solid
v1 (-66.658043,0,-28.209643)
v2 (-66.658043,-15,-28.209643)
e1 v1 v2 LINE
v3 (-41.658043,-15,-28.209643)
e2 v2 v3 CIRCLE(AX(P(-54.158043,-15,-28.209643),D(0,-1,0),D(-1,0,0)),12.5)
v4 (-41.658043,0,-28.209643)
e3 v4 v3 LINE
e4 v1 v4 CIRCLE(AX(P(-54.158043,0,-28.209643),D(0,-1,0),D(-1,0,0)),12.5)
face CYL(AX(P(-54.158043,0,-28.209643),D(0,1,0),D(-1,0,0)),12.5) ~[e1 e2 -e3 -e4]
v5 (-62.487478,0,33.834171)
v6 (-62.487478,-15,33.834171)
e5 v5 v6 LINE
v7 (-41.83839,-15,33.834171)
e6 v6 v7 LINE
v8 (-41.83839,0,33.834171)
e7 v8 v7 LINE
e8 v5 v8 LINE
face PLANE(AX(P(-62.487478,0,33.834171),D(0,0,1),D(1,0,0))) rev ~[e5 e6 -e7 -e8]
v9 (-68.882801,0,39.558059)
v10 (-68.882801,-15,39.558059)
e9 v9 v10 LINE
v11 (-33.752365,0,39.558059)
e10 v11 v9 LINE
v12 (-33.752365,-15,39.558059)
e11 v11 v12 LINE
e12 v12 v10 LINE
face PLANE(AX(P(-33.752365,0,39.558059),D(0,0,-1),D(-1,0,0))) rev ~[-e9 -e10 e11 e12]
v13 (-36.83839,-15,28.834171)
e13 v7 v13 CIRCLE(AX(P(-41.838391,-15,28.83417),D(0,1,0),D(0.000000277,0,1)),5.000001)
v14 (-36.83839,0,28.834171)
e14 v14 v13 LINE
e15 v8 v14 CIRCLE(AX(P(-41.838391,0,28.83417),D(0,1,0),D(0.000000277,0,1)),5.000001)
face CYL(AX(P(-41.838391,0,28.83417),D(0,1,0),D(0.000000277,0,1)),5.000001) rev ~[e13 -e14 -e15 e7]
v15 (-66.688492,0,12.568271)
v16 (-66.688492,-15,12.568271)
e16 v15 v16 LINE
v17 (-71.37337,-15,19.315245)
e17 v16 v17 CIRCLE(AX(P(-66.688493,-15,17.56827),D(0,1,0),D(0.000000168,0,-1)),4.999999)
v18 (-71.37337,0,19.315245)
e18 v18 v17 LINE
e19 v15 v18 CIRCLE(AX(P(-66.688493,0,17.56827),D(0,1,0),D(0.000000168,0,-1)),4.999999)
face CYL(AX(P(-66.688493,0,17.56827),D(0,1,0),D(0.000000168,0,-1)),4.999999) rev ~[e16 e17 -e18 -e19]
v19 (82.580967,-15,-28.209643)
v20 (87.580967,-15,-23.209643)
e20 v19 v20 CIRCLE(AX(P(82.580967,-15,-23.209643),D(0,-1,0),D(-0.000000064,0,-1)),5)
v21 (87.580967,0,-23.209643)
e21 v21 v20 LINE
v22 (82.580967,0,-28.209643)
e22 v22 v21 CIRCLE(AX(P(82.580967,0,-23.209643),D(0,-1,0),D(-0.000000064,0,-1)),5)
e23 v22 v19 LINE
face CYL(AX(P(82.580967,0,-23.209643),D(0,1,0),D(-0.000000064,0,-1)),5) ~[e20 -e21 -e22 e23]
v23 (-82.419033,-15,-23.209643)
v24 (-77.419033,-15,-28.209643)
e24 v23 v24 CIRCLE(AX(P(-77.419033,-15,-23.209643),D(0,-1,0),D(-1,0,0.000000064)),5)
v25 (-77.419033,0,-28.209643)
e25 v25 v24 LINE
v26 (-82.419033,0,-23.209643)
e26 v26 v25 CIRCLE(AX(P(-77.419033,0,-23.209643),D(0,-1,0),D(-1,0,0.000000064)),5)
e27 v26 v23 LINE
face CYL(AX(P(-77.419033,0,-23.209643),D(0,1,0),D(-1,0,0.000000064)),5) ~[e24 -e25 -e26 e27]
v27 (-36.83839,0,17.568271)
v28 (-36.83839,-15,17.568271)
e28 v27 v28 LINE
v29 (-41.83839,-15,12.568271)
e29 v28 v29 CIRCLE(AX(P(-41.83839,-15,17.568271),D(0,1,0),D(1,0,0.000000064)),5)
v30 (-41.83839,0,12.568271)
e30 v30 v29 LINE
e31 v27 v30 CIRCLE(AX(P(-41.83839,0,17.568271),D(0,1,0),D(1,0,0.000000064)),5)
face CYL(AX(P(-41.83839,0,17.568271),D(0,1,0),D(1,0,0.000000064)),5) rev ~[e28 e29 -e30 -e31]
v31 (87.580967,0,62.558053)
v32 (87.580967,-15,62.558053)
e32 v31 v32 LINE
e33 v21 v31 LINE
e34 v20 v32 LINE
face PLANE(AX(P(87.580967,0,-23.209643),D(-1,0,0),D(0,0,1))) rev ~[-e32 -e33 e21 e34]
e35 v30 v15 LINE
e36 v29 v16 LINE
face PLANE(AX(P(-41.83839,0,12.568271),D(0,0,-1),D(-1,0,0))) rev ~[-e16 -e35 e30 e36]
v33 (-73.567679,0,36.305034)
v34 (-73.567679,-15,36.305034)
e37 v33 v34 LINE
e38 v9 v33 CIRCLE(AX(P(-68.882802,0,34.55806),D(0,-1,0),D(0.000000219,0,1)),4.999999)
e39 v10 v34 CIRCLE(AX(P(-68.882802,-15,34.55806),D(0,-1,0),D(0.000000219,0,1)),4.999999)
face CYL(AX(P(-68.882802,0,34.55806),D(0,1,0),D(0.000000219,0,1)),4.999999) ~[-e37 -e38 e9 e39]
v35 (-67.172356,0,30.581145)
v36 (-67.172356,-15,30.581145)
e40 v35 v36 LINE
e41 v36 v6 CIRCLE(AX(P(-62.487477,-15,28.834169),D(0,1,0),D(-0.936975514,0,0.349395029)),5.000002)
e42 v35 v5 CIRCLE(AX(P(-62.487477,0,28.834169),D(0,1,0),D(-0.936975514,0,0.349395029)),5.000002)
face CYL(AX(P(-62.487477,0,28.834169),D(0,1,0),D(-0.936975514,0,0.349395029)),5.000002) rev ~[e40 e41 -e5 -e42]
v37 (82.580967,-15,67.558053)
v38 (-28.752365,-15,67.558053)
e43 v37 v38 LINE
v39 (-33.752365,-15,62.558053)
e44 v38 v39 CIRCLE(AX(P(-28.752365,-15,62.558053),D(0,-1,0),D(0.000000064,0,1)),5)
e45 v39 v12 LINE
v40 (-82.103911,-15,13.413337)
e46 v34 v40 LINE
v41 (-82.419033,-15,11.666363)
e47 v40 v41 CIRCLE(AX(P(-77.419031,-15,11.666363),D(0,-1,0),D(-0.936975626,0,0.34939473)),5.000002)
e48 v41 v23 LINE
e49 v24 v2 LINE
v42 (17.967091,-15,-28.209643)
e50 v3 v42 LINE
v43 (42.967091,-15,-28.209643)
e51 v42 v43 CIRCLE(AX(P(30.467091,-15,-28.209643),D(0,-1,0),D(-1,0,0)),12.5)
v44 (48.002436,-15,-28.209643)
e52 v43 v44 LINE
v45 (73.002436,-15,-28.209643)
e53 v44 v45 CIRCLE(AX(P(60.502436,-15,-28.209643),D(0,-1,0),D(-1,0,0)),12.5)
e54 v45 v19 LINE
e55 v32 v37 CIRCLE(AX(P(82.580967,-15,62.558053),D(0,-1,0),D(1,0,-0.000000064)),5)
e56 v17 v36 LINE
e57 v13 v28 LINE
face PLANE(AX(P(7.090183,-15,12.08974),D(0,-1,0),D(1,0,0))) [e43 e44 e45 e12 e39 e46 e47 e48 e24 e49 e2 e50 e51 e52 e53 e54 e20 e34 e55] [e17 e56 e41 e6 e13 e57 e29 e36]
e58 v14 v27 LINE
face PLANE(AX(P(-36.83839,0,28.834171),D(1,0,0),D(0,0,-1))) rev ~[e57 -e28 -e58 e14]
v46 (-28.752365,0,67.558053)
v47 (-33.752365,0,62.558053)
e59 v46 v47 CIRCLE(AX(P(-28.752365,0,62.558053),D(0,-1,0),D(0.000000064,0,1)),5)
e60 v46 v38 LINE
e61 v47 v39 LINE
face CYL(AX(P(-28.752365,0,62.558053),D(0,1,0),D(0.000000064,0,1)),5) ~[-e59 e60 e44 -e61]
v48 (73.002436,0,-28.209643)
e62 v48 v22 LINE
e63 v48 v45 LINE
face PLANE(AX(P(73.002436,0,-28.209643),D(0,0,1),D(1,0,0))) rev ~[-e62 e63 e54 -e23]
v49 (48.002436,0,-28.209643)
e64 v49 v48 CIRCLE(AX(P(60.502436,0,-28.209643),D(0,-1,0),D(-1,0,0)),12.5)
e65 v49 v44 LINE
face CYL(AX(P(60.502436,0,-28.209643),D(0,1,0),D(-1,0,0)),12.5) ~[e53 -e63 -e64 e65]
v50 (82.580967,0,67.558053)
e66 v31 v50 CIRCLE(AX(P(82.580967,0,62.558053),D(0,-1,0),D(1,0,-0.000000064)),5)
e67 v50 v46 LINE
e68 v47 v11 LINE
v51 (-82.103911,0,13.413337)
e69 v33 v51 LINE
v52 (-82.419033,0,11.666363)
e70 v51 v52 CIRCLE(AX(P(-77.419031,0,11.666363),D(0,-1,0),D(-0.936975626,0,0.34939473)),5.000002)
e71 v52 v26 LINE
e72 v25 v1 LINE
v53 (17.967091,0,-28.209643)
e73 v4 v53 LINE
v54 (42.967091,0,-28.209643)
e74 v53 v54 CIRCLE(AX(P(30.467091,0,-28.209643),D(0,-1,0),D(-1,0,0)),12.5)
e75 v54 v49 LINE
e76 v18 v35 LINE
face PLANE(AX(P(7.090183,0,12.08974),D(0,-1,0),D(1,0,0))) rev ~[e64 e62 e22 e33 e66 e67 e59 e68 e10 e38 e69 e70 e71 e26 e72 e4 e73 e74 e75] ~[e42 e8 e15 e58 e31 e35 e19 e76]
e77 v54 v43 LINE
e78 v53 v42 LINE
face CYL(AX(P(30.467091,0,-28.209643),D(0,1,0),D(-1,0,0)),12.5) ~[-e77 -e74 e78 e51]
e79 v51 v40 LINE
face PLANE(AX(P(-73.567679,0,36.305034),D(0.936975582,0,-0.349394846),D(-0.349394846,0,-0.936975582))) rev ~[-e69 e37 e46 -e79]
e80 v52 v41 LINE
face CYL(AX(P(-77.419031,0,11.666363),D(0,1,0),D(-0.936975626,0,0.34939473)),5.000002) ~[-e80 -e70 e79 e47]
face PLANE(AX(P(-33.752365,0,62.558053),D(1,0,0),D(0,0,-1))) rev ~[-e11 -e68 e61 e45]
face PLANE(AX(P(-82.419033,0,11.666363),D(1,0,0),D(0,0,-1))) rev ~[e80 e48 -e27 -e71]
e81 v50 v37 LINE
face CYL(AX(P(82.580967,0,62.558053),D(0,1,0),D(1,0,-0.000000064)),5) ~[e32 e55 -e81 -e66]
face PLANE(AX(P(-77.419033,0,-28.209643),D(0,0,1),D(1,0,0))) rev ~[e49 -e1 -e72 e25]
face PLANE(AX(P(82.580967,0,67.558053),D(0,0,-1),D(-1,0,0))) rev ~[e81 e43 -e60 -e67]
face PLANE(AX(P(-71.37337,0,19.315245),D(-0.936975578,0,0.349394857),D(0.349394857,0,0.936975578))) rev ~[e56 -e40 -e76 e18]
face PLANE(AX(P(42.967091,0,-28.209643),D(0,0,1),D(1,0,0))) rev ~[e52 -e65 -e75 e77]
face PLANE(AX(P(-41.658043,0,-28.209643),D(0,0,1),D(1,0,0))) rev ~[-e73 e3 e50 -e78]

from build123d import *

# Parameters (mm, degrees)
F1_DEPTH = 15


with BuildPart() as f1:
    # F0 (on Front) → F1 (new body)
    with BuildSketch(Plane.XZ):
        with BuildLine():
            Line((-33.752365, 39.558059), (-68.882801, 39.558059))
            ThreePointArc((-68.882801, 39.558059), (-71.734566, 38.665058), (-73.567679, 36.305034))
            Line((-73.567679, 36.305034), (-82.103911, 13.413337))
            ThreePointArc((-82.103911, 13.413337), (-82.339622, 12.553946), (-82.419033, 11.666363))
            Line((-82.419033, 11.666363), (-82.419033, -23.209643))
            ThreePointArc((-82.419033, -23.209643), (-80.954567, -26.745177), (-77.419033, -28.209643))
            Line((-77.419033, -28.209643), (-66.658043, -28.209643))
            ThreePointArc((-66.658043, -28.209643), (-54.158043, -40.709643), (-41.658043, -28.209643))
            Line((-41.658043, -28.209643), (-33.752365, -28.209643))
            Line((-33.752365, -28.209643), (17.967091, -28.209643))
            ThreePointArc((17.967091, -28.209643), (30.467091, -40.709643), (42.967091, -28.209643))
            Line((42.967091, -28.209643), (48.002436, -28.209643))
            ThreePointArc((48.002436, -28.209643), (60.502436, -40.709643), (73.002436, -28.209643))
            Line((73.002436, -28.209643), (82.580967, -28.209643))
            ThreePointArc((82.580967, -28.209643), (86.116501, -26.745177), (87.580967, -23.209643))
            Line((87.580967, -23.209643), (87.580967, 62.558053))
            ThreePointArc((87.580967, 62.558053), (86.116501, 66.093587), (82.580967, 67.558053))
            Line((82.580967, 67.558053), (-28.752365, 67.558053))
            ThreePointArc((-28.752365, 67.558053), (-32.287899, 66.093587), (-33.752365, 62.558053))
            Line((-33.752365, 62.558053), (-33.752365, 39.558059))
        make_face()
        with BuildLine():
            ThreePointArc((-67.172356, 30.581145), (-65.339243, 32.941169), (-62.487478, 33.834171))
            Line((-62.487478, 33.834171), (-41.83839, 33.834171))
            ThreePointArc((-41.83839, 33.834171), (-38.302856, 32.369704), (-36.83839, 28.834171))
            Line((-36.83839, 28.834171), (-36.83839, 17.568271))
            ThreePointArc((-36.83839, 17.568271), (-38.302856, 14.032737), (-41.83839, 12.568271))
            Line((-41.83839, 12.568271), (-66.688492, 12.568271))
            ThreePointArc((-66.688492, 12.568271), (-70.795491, 14.716506), (-71.37337, 19.315245))
            Line((-71.37337, 19.315245), (-67.172356, 30.581145))
        make_face(mode=Mode.SUBTRACT)
    extrude(amount=F1_DEPTH)


solid = f1.part
